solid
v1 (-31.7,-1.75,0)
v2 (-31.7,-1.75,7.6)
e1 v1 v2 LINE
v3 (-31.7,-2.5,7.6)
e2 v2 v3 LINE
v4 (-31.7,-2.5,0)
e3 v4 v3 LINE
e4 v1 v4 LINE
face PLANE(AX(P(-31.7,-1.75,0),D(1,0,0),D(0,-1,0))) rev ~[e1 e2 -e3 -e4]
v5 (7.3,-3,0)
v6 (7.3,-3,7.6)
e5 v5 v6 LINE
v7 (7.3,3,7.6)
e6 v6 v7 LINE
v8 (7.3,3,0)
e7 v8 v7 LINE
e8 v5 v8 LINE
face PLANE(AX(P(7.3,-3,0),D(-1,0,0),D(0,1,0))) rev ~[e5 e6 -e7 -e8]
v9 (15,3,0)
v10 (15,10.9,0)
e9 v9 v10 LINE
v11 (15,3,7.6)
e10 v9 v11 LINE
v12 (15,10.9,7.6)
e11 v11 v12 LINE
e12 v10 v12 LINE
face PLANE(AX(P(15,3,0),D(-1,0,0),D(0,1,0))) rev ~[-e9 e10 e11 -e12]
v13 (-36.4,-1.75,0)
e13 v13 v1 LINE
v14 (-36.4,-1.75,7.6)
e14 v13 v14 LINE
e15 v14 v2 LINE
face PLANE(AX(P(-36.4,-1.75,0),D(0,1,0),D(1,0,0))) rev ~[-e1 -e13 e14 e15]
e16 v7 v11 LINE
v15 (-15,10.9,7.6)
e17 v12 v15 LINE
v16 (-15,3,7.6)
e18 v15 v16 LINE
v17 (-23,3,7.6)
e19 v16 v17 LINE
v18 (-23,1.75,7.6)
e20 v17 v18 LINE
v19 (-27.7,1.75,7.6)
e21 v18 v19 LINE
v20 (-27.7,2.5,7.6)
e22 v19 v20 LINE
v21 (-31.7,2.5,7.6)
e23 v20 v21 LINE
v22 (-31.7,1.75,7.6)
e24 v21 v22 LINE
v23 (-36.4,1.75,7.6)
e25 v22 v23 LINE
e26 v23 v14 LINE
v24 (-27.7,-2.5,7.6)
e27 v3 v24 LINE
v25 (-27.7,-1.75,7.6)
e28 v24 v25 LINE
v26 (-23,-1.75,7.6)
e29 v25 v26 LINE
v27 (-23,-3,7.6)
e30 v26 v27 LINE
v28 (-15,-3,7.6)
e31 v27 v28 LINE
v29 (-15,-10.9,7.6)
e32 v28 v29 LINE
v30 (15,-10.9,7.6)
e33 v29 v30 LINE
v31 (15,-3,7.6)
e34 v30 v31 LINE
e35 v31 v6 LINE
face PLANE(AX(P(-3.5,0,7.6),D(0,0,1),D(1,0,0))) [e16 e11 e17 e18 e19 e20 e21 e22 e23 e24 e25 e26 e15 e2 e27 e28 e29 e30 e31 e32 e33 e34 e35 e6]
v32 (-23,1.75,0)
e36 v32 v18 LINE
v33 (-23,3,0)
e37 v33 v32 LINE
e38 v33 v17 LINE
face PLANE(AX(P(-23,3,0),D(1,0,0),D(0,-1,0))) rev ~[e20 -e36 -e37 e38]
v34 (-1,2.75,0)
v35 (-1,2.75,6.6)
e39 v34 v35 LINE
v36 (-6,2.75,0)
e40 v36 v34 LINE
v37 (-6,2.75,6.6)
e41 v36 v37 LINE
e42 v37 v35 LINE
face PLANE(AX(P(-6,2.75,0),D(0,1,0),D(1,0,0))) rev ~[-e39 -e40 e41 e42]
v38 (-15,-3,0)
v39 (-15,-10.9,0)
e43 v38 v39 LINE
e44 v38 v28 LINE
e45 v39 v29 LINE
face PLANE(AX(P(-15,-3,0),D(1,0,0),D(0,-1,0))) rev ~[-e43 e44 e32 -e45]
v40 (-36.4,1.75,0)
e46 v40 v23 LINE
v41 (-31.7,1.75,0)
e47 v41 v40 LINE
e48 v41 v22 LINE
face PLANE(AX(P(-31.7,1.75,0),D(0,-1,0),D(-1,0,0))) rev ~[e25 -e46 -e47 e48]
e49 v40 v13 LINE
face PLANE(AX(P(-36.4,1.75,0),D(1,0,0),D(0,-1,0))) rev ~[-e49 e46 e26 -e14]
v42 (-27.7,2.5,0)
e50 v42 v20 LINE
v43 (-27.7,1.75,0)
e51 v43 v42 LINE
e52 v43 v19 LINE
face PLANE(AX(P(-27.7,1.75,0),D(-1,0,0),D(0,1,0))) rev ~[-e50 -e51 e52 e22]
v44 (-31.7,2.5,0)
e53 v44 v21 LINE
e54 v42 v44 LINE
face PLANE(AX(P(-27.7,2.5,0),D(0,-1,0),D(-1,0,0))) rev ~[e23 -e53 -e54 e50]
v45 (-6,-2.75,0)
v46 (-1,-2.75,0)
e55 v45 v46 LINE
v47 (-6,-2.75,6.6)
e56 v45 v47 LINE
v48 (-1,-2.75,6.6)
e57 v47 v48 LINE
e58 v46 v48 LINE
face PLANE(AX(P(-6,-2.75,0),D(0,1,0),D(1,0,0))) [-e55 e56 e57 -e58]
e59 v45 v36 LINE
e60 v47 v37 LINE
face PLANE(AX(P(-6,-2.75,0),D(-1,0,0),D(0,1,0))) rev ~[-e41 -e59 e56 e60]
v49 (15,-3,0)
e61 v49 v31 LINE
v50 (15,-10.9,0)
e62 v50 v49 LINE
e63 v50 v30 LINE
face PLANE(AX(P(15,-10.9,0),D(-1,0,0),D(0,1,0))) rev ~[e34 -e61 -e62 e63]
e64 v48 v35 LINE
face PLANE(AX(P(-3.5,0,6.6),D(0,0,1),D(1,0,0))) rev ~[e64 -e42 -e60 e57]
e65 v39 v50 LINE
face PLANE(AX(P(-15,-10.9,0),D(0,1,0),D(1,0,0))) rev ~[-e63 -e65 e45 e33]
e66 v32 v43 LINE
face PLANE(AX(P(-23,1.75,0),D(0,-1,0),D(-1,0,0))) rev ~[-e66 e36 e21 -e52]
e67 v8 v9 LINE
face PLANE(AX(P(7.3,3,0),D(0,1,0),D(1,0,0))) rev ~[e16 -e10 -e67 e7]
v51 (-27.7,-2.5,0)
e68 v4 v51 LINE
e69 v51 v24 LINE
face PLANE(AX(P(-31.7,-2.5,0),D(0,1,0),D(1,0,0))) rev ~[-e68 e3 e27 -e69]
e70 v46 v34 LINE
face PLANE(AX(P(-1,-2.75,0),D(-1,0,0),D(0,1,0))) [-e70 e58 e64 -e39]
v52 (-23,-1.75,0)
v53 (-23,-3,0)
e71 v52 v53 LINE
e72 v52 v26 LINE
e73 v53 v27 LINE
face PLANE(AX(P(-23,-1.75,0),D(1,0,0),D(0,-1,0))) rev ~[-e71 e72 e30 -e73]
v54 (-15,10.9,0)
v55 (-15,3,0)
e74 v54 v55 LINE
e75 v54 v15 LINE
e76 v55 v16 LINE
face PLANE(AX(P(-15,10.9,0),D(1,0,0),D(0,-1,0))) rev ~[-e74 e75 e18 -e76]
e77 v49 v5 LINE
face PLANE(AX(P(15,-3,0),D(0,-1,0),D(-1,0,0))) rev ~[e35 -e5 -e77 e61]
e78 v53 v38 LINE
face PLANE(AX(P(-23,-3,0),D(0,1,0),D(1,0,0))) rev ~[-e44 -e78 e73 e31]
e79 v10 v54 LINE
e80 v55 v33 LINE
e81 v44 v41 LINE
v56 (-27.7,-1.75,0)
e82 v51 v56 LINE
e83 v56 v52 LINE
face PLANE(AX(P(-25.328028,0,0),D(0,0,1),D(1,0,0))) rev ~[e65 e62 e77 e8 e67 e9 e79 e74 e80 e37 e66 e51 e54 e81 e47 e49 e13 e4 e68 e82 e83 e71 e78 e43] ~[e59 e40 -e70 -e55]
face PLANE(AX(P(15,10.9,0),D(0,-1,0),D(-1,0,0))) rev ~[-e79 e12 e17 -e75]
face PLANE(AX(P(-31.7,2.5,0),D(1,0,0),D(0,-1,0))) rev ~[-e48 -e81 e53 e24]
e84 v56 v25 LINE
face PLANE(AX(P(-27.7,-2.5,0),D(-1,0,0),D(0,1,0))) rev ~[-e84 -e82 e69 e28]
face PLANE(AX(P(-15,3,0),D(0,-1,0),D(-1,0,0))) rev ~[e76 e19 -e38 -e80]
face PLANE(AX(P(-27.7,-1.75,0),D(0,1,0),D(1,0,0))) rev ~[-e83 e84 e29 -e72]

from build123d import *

# Parameters (mm, degrees)
F0_W     = 5
F0_H     = 5.5
F1_DEPTH = 7.6
F2_W     = 5
F2_H     = 5.5
F3_DEPTH = 1


with BuildPart() as f1:
    # F0 (on Top) → F1 (new body)
    with BuildSketch(Plane.XY):
        Polygon((-23, -3), (-15, -3), (-15, 3), (-23, 3), (-23, 1.75), (-27.7, 1.75), (-27.7, 2.5), (-31.7, 2.5), (-31.7, 1.75), (-36.4, 1.75), (-36.4, -1.75), (-31.7, -1.75), (-31.7, -2.5), (-27.7, -2.5), (-27.7, -1.75), (-23, -1.75), align=None)
        Polygon((-15, -3), (-15, -10.9), (15, -10.9), (15, -3), (7.3, -3), (7.3, 3), (15, 3), (15, 10.9), (-15, 10.9), (-15, 3), align=None)
        with Locations((-3.5, 0)):
            Rectangle(F0_W, F0_H, mode=Mode.SUBTRACT)
    extrude(amount=F1_DEPTH)

    # F2 (on face) → F3 (join)
    with BuildSketch(Plane.XY.offset(7.6)):
        with Locations((-3.5, 0)):
            Rectangle(F2_W, F2_H)
    extrude(amount=-F3_DEPTH)


solid = f1.part
